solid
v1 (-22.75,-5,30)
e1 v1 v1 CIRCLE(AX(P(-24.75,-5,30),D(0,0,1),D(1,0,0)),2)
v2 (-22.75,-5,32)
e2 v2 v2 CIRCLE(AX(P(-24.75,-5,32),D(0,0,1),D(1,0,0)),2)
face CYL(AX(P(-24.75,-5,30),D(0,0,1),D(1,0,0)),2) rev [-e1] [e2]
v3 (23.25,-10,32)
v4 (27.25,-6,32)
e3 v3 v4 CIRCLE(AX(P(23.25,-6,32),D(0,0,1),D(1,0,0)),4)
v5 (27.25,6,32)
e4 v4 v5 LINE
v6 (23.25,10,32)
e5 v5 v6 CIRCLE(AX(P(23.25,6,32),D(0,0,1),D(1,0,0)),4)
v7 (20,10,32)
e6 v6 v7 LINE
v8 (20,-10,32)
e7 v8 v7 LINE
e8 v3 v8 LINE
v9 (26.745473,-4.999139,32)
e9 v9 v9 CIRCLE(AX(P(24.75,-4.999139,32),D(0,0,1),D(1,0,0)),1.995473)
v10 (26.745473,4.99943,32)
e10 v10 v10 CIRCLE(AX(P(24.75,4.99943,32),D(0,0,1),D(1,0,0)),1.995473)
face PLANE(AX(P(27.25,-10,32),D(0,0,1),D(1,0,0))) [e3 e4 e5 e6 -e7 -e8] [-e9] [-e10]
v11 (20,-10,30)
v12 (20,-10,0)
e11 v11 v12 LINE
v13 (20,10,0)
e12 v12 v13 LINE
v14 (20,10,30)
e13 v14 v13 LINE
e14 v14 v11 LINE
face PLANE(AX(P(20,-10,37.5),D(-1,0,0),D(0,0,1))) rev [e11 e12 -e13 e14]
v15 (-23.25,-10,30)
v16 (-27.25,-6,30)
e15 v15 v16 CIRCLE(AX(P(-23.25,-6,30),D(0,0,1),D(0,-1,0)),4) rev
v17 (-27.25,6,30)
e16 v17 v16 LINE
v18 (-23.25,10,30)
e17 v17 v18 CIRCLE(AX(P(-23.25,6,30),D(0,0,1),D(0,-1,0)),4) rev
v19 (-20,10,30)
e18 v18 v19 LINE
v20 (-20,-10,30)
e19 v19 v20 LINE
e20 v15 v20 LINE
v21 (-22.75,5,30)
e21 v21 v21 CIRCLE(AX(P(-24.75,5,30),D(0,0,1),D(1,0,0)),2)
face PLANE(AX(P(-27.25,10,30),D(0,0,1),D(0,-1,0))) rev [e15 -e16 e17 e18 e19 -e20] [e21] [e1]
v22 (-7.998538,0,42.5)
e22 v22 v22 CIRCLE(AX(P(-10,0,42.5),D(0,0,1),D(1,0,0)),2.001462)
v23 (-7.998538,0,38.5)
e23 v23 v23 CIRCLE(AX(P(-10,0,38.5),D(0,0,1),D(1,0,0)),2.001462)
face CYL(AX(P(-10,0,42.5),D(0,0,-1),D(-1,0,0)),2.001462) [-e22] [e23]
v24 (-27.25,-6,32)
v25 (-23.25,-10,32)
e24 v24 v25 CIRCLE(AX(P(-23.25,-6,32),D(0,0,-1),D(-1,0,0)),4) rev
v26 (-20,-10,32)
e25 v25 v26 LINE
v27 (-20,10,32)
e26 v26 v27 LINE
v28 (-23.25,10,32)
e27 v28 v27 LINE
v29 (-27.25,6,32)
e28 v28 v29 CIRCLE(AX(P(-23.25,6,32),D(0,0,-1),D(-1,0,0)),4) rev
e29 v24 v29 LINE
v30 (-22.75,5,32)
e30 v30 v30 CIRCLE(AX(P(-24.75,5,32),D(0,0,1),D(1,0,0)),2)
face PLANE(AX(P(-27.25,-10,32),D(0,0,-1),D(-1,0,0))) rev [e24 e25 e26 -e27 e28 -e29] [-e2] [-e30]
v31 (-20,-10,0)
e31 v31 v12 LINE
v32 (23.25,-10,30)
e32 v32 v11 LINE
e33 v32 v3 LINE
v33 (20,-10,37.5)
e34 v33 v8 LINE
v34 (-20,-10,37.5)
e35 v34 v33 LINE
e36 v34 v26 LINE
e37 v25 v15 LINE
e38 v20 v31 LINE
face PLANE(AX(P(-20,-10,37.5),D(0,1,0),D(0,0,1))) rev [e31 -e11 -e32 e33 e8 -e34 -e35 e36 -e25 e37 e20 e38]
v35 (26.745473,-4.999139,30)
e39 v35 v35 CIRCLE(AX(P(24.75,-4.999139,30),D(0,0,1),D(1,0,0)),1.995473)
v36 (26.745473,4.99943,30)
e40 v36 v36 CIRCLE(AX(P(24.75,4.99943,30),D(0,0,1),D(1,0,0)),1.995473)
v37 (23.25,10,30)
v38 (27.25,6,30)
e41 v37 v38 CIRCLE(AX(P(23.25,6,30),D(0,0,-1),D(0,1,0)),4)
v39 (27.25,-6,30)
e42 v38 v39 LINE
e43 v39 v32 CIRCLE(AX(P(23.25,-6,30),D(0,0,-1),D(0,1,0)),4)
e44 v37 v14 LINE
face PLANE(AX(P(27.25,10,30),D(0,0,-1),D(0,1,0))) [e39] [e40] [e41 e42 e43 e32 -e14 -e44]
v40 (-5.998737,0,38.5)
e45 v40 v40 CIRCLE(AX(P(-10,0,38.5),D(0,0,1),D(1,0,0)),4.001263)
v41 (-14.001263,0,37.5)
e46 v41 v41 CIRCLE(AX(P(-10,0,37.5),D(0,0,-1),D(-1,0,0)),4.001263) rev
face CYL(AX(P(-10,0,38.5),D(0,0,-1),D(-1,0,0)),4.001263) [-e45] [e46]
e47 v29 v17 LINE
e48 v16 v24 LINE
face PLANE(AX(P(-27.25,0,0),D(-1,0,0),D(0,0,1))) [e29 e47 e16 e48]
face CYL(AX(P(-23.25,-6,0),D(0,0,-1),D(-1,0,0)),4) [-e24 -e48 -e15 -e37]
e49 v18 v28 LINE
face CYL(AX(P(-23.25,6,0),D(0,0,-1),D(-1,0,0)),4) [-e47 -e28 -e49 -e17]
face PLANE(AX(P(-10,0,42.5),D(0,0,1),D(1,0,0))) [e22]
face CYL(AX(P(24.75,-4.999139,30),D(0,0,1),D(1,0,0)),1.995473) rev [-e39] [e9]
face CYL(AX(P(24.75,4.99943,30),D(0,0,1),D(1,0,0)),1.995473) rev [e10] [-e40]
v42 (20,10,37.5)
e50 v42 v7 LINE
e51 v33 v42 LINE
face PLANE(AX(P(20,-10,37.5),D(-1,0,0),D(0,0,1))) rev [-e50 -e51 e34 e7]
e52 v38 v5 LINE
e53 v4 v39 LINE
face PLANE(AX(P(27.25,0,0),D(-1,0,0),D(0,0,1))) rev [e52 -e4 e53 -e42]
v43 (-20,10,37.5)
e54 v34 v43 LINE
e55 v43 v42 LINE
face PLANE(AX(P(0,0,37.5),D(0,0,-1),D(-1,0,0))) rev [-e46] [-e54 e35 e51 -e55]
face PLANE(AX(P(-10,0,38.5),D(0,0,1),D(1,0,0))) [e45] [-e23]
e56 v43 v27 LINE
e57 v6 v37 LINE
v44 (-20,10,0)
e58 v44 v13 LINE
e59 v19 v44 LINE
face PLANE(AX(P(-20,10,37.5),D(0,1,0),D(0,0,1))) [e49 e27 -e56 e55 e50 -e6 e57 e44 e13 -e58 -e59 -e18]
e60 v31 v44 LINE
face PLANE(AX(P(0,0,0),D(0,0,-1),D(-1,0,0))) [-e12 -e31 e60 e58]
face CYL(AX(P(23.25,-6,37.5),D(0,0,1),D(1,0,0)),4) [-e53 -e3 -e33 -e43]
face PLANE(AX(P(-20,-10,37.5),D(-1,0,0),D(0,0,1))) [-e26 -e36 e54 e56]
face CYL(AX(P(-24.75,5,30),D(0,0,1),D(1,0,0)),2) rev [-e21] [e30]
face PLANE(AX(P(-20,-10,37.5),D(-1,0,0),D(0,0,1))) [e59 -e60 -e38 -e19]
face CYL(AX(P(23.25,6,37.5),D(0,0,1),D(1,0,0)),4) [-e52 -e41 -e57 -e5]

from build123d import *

# Parameters (mm, degrees)
SKETCH1_W           = 40
SKETCH1_H           = 20
BOSS_EXTRUDE2_DEPTH = 37.5
SKETCH2_W           = 2
SKETCH2_H           = 20
BOSS_EXTRUDE3_DEPTH = 7.25
SKETCH3_R           = 1.995473195
CUT_EXTRUDE1_DEPTH  = 2
FILLET3_R           = 4
SKETCH4_W           = 2
SKETCH4_H           = 20
BOSS_EXTRUDE4_DEPTH = 7.25
SKETCH5_R           = 2
CUT_EXTRUDE2_DEPTH  = 2
FILLET4_R           = 4
SKETCH6_R           = 4.001263217
BOSS_EXTRUDE5_DEPTH = 1
SKETCH7_R           = 2.001461963
BOSS_EXTRUDE7_DEPTH = 4


with BuildPart() as part:
    # Sketch1 → Boss-Extrude2 (new body)
    with BuildSketch(Plane.XY):
        Rectangle(SKETCH1_W, SKETCH1_H)
    extrude(amount=BOSS_EXTRUDE2_DEPTH)

    # Sketch2 → Boss-Extrude3 (add)
    with BuildSketch(Plane(origin=(20, 0, 0), x_dir=(0, 0, -1), z_dir=(1, 0, 0))):
        with Locations((-31, 0)):
            Rectangle(SKETCH2_W, SKETCH2_H)
    extrude(amount=BOSS_EXTRUDE3_DEPTH)

    # Sketch3 → Cut-Extrude1 (cut)
    with BuildSketch(Plane.XY.offset(32)):
        with Locations((24.75, -4.99913934)):
            Circle(SKETCH3_R)
        with Locations((24.75, 4.999429987)):
            Circle(SKETCH3_R)
    extrude(amount=-CUT_EXTRUDE1_DEPTH, mode=Mode.SUBTRACT)

    # Fillet3
    fillet3_edges = [part.edges().sort_by_distance(p)[0] for p in [
        (27.25, -10, 31),
        (27.25, 10, 31),
    ]]
    fillet(fillet3_edges, radius=FILLET3_R)

    # Sketch4 → Boss-Extrude4 (add)
    with BuildSketch(Plane.ZY.offset(20)):
        with Locations((31, 0)):
            Rectangle(SKETCH4_W, SKETCH4_H)
    extrude(amount=BOSS_EXTRUDE4_DEPTH)

    # Sketch5 → Cut-Extrude2 (cut)
    with BuildSketch(Plane.XY.offset(32)):
        with Locations((-24.75, 5)):
            Circle(SKETCH5_R)
        with Locations((-24.75, -5)):
            Circle(SKETCH5_R)
    extrude(amount=-CUT_EXTRUDE2_DEPTH, mode=Mode.SUBTRACT)

    # Fillet4
    fillet4_edges = [part.edges().sort_by_distance(p)[0] for p in [
        (-27.25, -10, 31),
        (-27.25, 10, 31),
    ]]
    fillet(fillet4_edges, radius=FILLET4_R)

    # Sketch6 → Boss-Extrude5 (add)
    with BuildSketch(Plane.XY.offset(37.5)):
        with Locations((-10, 0)):
            Circle(SKETCH6_R)
    extrude(amount=BOSS_EXTRUDE5_DEPTH)

    # Sketch7 → Boss-Extrude7 (add)
    with BuildSketch(Plane.XY.offset(38.5)):
        with Locations((-10, 0)):
            Circle(SKETCH7_R)
    extrude(amount=BOSS_EXTRUDE7_DEPTH)


solid = part.part
